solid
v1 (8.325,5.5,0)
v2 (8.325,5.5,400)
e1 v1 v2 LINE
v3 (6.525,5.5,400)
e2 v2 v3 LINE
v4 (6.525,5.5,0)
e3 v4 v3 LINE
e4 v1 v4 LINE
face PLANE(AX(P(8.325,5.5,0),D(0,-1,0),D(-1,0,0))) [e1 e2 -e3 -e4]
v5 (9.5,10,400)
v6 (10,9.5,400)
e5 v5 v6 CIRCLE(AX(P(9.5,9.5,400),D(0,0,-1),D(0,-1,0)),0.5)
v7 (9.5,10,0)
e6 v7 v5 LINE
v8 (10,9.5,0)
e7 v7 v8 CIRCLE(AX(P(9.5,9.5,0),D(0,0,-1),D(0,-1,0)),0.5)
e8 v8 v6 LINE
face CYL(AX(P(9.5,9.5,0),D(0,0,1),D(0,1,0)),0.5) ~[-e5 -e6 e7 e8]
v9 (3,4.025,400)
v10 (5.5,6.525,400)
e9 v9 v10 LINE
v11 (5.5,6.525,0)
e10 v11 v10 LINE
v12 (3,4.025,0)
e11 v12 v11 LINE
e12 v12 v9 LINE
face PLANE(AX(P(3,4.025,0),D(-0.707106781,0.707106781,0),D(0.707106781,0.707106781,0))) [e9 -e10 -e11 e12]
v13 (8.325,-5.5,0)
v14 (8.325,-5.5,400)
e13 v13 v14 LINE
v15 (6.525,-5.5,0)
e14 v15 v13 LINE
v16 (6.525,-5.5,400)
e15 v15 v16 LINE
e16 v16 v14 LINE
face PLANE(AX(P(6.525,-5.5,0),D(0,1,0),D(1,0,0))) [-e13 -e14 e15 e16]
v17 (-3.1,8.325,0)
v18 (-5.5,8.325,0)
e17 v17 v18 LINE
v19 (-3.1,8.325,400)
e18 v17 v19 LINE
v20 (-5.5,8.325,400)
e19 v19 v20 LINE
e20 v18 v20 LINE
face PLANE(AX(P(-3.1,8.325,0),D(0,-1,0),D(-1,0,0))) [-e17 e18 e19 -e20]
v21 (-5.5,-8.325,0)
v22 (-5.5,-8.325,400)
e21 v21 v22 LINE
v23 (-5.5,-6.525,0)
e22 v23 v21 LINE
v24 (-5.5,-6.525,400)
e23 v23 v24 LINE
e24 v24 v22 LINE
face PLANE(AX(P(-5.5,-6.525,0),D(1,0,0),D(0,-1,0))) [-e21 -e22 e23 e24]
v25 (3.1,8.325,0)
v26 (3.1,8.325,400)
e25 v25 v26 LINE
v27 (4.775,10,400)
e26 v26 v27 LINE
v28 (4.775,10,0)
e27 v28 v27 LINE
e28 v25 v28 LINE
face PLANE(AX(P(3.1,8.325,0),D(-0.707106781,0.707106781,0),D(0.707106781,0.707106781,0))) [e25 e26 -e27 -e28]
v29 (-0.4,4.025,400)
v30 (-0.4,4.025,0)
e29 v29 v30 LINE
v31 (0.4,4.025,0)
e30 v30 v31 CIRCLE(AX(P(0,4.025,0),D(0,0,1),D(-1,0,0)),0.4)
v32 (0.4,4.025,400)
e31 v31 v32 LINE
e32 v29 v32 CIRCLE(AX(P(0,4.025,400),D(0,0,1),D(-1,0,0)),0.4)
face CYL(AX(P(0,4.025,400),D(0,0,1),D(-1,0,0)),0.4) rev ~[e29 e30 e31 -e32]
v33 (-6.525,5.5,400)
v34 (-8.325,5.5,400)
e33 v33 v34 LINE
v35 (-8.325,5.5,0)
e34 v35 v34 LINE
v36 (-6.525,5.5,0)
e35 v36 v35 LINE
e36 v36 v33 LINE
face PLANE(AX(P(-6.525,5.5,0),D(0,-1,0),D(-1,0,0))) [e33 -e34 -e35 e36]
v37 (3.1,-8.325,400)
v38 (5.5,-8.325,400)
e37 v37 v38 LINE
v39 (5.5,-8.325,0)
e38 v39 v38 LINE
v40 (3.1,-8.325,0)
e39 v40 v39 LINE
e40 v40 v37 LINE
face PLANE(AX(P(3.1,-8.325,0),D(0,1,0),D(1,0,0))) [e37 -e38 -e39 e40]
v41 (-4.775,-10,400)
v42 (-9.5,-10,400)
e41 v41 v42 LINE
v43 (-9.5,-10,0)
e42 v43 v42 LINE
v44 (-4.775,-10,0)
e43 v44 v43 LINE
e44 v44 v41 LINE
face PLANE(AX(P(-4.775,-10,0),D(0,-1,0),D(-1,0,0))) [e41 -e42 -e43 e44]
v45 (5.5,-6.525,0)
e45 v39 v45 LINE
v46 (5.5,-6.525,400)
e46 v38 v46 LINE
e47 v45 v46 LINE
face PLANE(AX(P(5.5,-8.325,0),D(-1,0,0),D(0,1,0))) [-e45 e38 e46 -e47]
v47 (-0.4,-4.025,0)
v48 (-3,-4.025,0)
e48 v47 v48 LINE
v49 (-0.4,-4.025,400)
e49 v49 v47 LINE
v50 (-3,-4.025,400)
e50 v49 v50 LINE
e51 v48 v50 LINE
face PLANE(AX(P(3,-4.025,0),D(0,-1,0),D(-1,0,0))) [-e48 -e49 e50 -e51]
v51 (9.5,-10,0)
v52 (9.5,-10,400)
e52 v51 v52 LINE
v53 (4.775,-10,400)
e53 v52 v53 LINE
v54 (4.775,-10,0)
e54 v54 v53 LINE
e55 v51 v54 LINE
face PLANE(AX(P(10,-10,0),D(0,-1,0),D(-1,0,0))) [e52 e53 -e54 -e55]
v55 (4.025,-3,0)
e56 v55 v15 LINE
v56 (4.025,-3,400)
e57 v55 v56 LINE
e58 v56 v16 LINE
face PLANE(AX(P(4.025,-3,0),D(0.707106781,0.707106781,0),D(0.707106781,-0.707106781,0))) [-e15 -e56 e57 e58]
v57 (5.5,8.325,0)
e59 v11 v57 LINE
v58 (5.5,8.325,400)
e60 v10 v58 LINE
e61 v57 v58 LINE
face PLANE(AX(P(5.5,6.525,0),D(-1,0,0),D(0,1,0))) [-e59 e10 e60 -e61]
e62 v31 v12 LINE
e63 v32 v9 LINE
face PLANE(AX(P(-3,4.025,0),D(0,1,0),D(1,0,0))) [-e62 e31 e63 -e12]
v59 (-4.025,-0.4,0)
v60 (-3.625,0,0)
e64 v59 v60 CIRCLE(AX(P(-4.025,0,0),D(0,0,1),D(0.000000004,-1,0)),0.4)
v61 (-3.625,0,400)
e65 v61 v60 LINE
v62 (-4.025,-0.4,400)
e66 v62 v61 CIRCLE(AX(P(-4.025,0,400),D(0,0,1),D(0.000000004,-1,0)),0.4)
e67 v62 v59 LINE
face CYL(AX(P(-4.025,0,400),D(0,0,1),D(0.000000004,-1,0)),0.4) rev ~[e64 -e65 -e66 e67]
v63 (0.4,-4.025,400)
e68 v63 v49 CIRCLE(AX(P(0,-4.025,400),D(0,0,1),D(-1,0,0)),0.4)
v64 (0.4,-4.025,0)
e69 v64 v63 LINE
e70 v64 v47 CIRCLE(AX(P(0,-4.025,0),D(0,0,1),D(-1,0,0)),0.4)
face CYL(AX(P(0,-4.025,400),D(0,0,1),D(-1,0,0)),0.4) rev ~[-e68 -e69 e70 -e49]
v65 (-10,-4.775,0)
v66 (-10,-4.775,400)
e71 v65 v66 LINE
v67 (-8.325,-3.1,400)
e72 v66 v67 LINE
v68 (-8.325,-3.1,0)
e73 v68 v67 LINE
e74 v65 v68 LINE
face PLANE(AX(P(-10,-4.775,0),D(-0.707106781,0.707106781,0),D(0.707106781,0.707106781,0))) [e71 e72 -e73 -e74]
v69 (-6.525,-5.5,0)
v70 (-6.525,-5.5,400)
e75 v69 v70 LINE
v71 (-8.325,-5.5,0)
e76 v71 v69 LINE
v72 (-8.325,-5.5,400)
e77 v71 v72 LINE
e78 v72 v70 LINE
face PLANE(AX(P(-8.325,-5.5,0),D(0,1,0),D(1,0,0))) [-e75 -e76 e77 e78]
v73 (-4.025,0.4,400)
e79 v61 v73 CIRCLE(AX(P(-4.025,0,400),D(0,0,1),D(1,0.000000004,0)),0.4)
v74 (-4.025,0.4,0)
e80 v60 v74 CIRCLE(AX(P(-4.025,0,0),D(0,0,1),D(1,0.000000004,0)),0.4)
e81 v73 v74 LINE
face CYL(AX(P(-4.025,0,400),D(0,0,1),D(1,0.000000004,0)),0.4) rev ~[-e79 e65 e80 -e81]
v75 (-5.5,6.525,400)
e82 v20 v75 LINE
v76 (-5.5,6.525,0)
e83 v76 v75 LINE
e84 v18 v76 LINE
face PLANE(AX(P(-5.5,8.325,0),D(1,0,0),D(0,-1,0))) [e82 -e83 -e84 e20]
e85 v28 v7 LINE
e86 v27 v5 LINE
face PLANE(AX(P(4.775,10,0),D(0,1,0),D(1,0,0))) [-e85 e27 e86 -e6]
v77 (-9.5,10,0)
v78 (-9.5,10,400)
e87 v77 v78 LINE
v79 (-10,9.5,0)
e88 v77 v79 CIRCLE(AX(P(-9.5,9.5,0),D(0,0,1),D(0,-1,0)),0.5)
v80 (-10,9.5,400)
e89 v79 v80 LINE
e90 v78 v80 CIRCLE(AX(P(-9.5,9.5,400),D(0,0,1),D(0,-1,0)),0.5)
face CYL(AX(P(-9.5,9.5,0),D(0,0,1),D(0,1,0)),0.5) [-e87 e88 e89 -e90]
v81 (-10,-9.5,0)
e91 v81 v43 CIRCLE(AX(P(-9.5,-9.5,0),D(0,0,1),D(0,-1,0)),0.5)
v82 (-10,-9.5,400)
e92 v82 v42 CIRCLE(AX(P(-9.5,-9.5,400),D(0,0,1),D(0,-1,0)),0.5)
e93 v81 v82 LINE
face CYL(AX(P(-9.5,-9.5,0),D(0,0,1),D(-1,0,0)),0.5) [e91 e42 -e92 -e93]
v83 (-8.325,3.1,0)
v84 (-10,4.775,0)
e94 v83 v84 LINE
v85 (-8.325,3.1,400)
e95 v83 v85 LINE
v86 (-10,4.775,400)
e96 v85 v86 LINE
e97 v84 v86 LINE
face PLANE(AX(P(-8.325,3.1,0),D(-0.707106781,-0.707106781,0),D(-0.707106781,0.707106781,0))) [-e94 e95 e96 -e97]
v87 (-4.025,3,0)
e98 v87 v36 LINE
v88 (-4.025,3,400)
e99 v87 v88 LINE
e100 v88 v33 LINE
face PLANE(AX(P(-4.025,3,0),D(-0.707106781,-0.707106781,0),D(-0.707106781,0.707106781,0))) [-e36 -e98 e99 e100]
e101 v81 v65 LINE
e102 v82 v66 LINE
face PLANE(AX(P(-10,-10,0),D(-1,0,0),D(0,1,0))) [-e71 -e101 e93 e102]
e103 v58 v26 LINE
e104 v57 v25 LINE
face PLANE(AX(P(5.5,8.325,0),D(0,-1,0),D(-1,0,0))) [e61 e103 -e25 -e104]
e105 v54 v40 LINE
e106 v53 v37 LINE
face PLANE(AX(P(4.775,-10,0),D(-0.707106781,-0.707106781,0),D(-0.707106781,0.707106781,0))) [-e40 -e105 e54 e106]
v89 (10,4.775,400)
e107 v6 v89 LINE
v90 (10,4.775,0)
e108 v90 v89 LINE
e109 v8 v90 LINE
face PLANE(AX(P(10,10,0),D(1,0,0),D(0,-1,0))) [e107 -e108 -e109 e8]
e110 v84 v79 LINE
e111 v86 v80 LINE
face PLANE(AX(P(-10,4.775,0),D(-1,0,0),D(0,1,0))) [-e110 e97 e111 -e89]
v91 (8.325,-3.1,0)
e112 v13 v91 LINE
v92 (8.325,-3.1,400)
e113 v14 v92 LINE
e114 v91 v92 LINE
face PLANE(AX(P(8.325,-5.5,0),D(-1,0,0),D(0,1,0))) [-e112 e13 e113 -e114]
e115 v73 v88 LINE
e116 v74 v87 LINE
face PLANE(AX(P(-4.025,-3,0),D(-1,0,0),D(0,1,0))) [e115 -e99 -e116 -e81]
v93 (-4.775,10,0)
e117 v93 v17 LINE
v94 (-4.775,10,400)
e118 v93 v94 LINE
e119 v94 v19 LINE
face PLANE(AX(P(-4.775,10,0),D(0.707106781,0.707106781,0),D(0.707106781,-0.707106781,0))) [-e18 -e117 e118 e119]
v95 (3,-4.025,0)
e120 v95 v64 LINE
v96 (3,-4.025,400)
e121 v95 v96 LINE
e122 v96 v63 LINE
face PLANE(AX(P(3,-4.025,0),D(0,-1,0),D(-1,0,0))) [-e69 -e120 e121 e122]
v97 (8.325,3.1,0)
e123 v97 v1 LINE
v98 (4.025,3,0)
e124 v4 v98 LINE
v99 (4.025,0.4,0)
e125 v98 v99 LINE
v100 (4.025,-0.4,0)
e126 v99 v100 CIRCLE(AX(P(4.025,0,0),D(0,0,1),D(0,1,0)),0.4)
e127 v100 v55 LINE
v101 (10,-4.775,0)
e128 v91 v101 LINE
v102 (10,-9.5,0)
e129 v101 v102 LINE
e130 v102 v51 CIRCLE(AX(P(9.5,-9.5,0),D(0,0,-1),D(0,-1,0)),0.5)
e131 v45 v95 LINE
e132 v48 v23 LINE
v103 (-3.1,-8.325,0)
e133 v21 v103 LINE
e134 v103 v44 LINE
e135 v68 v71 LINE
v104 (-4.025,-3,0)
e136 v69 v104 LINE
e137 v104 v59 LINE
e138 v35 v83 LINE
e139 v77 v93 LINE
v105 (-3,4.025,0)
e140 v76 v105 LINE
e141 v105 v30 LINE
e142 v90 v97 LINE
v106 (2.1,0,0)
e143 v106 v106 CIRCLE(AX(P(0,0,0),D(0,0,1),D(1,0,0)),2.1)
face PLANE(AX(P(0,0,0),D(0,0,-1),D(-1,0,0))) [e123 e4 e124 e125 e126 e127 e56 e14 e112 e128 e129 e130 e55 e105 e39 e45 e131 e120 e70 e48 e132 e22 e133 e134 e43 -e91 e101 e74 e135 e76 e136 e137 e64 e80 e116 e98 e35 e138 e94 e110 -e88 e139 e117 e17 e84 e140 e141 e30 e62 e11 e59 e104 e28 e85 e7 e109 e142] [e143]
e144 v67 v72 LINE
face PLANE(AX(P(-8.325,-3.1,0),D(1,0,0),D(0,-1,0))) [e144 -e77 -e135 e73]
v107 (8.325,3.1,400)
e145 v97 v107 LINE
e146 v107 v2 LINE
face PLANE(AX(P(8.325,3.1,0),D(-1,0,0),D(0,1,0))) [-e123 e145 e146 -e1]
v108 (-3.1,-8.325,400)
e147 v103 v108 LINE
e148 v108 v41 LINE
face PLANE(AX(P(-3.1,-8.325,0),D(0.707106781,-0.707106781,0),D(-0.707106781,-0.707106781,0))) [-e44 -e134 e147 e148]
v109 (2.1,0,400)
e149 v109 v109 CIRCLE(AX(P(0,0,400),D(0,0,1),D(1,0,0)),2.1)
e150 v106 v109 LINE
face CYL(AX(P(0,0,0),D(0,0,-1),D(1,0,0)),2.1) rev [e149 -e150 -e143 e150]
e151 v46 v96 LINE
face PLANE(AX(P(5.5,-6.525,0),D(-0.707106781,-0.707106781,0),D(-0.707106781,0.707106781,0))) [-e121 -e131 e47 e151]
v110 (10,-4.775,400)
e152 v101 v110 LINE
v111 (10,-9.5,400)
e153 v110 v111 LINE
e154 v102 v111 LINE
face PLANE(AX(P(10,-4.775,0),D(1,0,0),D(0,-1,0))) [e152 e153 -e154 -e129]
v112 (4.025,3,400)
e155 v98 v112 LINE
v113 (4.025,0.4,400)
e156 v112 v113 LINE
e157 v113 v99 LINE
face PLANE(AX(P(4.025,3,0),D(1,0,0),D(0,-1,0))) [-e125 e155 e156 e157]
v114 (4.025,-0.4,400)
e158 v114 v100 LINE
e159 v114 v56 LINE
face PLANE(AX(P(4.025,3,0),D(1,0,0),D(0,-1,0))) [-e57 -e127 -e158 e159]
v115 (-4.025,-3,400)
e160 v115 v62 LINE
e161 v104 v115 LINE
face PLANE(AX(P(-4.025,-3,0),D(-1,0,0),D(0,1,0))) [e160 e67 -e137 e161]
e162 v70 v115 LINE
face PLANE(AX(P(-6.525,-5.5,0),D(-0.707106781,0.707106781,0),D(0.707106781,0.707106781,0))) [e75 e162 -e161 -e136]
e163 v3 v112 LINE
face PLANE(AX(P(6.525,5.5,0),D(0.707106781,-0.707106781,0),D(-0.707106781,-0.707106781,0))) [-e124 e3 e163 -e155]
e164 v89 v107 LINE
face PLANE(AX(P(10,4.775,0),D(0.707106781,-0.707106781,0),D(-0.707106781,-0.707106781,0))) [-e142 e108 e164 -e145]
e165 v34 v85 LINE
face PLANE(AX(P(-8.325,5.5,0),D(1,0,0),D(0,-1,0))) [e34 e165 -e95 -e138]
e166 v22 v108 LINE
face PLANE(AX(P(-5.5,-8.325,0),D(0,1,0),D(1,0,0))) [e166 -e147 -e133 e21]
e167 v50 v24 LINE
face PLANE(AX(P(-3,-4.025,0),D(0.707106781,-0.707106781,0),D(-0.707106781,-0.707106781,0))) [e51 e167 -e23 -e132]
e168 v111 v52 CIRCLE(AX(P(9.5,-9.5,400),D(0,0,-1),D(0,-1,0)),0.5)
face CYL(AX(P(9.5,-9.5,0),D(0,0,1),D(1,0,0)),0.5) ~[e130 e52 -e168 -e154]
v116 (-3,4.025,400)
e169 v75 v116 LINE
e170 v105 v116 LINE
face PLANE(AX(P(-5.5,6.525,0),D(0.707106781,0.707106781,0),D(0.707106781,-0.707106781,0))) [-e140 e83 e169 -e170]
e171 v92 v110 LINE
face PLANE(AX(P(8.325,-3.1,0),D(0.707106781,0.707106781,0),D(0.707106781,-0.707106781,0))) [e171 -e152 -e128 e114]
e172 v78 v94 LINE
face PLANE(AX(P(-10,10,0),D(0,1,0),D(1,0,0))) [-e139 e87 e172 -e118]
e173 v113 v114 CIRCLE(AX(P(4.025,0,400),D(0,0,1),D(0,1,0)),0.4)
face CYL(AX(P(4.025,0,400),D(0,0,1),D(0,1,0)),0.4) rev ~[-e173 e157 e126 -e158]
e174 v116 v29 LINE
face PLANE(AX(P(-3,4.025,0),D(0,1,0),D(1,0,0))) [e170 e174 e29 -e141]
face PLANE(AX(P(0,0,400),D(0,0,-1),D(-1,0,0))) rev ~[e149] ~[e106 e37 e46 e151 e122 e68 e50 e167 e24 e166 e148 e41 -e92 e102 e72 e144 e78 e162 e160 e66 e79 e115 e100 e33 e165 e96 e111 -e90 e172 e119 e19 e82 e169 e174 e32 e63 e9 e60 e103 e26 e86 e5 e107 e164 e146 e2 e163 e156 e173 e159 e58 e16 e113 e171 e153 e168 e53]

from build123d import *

# Parameters (mm, degrees)
SKETCH1_R           = 2.1
BOSS_EXTRUDE1_DEPTH = 400
FILLET1_R           = 0.5
CUT_EXTRUDE1_DEPTH  = 401.249921924


with BuildPart() as part:
    # Sketch1 → Boss-Extrude1 (new body)
    with BuildSketch(Plane.XY):
        Polygon((-10, 10), (-4.775, 10), (-3.1, 8.325), (-5.5, 8.325), (-5.5, 6.525), (-3, 4.025), (3, 4.025), (5.5, 6.525), (5.5, 8.325), (3.1, 8.325), (4.775, 10), (10, 10), (10, 4.775), (8.325, 3.1), (8.325, 5.5), (6.525, 5.5), (4.025, 3), (4.025, -3), (6.525, -5.5), (8.325, -5.5), (8.325, -3.1), (10, -4.775), (10, -10), (4.775, -10), (3.1, -8.325), (5.5, -8.325), (5.5, -6.525), (3, -4.025), (-3, -4.025), (-5.5, -6.525), (-5.5, -8.325), (-3.1, -8.325), (-4.775, -10), (-10, -10), (-10, -4.775), (-8.325, -3.1), (-8.325, -5.5), (-6.525, -5.5), (-4.025, -3), (-4.025, 3), (-6.525, 5.5), (-8.325, 5.5), (-8.325, 3.1), (-10, 4.775), align=None)
        Circle(SKETCH1_R, mode=Mode.SUBTRACT)
    extrude(amount=BOSS_EXTRUDE1_DEPTH)

    # Fillet1
    fillet1_edges = [part.edges().sort_by_distance(p)[0] for p in [
        (10, -10, 200),
        (-10, -10, 200),
        (-10, 10, 200),
        (10, 10, 200),
    ]]
    fillet(fillet1_edges, radius=FILLET1_R)

    # Sketch2 → Cut-Extrude1 (cut, through all)
    with BuildSketch(Plane.XY.offset(400)):
        with BuildLine():
            ThreePointArc((-4.025, 0.4), (-4.425, 0), (-4.025, -0.4))
            Line((-4.025, -0.4), (-4.025, 0.4))
        make_face()
        with BuildLine():
            Line((-4.025, 0.4), (-4.025, -0.4))
            ThreePointArc((-4.025, -0.4), (-3.742157288, -0.282842712), (-3.625, 0))
            ThreePointArc((-3.625, 0), (-3.742157288, 0.282842712), (-4.025, 0.4))
        make_face()
        with BuildLine():
            ThreePointArc((0.4, 4.025), (0, 4.425), (-0.4, 4.025))
            Line((-0.4, 4.025), (0.4, 4.025))
        make_face()
        with BuildLine():
            Line((0.4, 4.025), (-0.4, 4.025))
            ThreePointArc((-0.4, 4.025), (0, 3.625), (0.4, 4.025))
        make_face()
        with BuildLine():
            ThreePointArc((4.025, 0.4), (3.625, 0), (4.025, -0.4))
            Line((4.025, -0.4), (4.025, 0.4))
        make_face()
        with BuildLine():
            Line((4.025, 0.4), (4.025, -0.4))
            ThreePointArc((4.025, -0.4), (4.307842712, -0.282842712), (4.425, 0))
            ThreePointArc((4.425, 0), (4.307842712, 0.282842712), (4.025, 0.4))
        make_face()
        with BuildLine():
            ThreePointArc((0.4, -4.025), (0, -3.625), (-0.4, -4.025))
            Line((-0.4, -4.025), (0.4, -4.025))
        make_face()
        with BuildLine():
            Line((0.4, -4.025), (-0.4, -4.025))
            ThreePointArc((-0.4, -4.025), (0, -4.425), (0.4, -4.025))
        make_face()
    extrude(amount=-CUT_EXTRUDE1_DEPTH, mode=Mode.SUBTRACT)


solid = part.part
